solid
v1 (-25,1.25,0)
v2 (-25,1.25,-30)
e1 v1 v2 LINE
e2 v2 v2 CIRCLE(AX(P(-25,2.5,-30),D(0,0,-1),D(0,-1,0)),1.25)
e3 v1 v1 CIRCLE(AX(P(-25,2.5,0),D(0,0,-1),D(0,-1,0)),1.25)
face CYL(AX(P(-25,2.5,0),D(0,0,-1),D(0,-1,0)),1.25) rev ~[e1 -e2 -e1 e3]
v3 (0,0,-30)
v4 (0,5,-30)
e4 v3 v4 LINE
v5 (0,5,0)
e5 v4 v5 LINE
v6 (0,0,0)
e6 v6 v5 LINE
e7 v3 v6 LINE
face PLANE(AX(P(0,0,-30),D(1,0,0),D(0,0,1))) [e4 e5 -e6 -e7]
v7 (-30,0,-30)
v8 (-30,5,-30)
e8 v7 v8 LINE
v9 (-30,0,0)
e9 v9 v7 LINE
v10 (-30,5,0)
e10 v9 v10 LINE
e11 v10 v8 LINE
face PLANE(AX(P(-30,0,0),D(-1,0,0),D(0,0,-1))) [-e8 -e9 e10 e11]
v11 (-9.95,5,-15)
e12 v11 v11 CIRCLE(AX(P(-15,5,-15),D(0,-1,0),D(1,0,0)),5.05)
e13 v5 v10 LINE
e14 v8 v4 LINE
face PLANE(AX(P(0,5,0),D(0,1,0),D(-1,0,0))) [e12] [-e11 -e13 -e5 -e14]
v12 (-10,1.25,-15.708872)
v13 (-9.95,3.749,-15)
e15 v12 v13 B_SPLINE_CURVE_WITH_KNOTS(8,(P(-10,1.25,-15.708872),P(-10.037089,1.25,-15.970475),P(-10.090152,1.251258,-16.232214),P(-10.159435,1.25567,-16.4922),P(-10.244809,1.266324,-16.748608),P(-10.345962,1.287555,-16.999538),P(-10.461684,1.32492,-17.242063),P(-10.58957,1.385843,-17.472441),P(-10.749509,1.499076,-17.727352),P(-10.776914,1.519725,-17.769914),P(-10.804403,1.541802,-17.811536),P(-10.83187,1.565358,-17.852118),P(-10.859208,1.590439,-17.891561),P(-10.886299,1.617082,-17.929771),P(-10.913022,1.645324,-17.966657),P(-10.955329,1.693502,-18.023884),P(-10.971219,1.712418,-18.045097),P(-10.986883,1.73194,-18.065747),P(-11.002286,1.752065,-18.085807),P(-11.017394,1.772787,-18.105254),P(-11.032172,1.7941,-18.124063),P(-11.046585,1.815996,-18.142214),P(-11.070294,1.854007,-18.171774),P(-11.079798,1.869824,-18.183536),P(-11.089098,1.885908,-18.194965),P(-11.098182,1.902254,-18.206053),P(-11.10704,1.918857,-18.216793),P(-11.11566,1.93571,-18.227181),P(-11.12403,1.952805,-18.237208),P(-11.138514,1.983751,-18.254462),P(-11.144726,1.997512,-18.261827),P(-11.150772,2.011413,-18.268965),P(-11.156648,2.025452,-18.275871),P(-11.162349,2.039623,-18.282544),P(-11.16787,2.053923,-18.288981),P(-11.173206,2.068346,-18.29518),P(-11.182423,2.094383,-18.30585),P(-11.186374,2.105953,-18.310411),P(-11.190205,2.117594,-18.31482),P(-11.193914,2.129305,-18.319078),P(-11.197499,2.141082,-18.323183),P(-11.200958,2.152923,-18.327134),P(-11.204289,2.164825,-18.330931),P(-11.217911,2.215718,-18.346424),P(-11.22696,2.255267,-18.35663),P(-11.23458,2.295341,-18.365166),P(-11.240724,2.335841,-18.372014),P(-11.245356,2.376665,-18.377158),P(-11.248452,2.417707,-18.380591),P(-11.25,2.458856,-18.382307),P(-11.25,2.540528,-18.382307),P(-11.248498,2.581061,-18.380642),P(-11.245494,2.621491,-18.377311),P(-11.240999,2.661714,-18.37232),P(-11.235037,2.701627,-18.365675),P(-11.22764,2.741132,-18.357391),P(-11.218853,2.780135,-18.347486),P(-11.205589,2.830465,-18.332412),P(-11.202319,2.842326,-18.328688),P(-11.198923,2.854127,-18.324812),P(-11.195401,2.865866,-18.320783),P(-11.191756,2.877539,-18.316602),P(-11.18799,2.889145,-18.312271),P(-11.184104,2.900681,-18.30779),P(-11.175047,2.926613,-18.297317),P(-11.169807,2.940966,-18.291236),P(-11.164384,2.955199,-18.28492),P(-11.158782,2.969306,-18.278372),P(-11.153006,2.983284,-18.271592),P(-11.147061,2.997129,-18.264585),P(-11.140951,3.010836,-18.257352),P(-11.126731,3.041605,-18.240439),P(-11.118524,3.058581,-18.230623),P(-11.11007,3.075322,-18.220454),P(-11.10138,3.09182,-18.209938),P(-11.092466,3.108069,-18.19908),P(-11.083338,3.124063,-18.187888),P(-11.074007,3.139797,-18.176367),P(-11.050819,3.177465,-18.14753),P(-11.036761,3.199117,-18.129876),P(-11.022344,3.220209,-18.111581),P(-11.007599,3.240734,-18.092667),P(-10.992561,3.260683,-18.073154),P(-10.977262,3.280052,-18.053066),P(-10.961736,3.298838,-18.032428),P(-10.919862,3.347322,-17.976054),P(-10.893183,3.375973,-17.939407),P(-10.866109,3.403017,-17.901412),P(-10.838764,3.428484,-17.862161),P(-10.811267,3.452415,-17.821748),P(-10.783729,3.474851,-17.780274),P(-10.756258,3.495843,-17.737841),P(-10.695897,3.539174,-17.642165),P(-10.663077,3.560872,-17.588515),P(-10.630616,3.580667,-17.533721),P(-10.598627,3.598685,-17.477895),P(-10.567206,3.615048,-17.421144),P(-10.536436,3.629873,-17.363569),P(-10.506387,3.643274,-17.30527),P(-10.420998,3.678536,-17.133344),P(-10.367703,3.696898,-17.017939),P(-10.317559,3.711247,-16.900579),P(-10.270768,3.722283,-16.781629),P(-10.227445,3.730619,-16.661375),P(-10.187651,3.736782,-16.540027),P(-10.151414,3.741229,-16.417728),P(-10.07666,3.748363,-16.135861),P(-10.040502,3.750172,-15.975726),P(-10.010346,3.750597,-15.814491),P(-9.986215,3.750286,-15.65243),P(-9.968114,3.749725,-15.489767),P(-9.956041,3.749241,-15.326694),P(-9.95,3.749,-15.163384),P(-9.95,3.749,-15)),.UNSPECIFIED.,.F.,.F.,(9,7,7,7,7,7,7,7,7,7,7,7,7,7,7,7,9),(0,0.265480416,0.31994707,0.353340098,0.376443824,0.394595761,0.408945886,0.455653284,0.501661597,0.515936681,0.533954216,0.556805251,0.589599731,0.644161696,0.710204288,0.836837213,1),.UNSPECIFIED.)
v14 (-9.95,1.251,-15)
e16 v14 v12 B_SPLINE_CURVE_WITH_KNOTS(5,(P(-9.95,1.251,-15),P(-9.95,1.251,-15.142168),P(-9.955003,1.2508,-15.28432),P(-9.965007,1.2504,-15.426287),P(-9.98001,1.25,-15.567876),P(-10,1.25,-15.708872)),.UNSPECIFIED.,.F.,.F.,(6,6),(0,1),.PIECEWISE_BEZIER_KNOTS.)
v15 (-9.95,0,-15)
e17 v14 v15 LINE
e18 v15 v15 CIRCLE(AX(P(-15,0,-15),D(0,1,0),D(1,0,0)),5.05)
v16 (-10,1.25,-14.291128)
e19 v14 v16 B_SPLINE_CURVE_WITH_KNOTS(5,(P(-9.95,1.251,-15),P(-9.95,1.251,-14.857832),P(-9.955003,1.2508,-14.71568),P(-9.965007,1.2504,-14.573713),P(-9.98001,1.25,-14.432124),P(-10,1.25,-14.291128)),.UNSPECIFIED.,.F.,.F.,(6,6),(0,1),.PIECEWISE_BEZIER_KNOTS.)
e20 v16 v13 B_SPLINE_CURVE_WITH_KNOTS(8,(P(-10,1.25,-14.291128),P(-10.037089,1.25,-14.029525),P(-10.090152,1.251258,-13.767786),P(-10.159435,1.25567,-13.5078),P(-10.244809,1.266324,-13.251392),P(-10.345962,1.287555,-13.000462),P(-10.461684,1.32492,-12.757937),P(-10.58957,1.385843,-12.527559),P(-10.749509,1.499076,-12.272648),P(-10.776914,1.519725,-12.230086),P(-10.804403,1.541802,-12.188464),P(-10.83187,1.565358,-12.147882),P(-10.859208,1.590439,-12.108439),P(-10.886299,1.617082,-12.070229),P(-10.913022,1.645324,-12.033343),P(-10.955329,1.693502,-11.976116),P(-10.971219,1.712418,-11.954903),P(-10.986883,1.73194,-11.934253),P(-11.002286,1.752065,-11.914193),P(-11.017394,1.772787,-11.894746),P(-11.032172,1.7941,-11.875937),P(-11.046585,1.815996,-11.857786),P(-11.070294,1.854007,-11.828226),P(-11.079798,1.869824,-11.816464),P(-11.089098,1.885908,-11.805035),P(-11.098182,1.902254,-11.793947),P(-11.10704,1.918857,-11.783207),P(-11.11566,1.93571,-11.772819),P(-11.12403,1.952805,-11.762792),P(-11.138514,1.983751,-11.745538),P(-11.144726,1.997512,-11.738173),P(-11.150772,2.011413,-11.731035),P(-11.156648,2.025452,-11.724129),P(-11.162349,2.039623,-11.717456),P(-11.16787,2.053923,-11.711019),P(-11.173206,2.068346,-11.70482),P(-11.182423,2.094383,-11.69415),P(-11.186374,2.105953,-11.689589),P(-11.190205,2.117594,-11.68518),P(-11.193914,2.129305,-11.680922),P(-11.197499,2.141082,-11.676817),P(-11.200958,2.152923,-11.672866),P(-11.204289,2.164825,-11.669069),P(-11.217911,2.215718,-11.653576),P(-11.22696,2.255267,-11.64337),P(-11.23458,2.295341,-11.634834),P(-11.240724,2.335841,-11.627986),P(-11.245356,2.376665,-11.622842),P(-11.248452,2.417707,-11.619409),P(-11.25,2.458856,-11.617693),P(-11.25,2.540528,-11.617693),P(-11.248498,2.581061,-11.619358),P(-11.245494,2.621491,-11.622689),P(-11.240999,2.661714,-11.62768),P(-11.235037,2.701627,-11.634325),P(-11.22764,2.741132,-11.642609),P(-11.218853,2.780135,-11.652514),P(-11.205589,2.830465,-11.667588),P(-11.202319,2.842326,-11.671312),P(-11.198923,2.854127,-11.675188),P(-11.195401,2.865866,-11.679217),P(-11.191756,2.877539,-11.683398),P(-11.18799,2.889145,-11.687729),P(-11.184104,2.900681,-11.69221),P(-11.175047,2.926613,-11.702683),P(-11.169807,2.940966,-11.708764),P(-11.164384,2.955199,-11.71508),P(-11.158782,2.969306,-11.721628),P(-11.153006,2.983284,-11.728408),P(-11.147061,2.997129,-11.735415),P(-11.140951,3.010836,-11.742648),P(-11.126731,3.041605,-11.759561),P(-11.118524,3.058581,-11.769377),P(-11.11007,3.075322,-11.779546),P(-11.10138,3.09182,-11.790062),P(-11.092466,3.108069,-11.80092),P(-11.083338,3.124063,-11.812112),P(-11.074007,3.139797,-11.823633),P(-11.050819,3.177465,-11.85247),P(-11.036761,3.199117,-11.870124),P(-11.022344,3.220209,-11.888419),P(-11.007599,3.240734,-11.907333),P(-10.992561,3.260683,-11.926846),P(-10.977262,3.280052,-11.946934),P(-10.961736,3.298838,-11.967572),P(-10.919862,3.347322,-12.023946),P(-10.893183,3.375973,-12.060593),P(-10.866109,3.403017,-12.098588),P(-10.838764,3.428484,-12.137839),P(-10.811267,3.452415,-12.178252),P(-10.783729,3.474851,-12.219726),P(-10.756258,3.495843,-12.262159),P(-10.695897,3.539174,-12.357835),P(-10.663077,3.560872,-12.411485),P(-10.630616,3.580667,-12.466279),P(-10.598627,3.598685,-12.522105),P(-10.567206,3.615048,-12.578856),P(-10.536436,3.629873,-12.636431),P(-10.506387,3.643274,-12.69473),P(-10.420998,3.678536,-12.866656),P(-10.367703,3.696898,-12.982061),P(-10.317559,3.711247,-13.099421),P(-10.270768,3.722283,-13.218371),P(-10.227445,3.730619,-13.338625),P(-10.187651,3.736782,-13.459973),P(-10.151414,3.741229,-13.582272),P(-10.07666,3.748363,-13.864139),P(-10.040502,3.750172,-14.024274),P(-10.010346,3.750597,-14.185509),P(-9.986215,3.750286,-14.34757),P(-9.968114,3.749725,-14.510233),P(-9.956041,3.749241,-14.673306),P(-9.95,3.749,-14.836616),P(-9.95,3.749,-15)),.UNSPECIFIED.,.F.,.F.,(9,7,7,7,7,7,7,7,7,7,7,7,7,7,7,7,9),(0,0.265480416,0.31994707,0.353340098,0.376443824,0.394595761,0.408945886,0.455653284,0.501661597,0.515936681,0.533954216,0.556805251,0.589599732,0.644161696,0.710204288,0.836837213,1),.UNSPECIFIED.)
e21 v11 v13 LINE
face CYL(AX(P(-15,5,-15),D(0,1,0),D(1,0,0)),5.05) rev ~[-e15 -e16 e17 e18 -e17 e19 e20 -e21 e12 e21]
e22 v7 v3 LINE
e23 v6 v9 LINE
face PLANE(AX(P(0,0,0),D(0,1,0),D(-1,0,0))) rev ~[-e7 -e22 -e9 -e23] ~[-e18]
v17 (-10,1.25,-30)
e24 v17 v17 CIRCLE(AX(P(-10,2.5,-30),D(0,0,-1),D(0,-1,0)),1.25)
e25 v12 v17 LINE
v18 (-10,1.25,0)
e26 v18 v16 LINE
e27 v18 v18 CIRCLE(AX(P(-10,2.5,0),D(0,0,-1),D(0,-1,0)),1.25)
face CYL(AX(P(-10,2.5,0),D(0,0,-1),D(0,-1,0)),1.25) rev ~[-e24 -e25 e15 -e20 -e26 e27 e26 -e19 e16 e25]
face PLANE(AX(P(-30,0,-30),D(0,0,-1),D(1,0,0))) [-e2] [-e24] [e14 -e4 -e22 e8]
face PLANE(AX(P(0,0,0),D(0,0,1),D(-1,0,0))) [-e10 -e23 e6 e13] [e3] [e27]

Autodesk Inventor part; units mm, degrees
ref_plane "YZ Plane" through (0, 0, 0) normal (1, 0, 0) x (0, 1, 0)
ref_plane "XZ Plane" through (0, 0, 0) normal (0, 1, 0) x (-1, 0, 0)
ref_plane "XY Plane" through (0, 0, 0) normal (0, 0, 1) x (1, 0, 0)
sketch "スケッチ1" plane through (0, 0, 0) normal (0, 1, 0) x (-1, 0, 0)
  line L0 (0, 0) -> (30, 0)
  line L1 (30, 0) -> (30, -30)
  line L2 (30, -30) -> (0, -30)
  line L3 (0, -30) -> (0, 0)
  dimension "d0" = 30
  dimension "d1" = 30
extrude "押し出し1" add sketch "スケッチ1" along normal blind 5
sketch "スケッチ2" plane through (-30, 0, 0) normal (0, 0, 1) x (1, 0, 0)
  line L0 (0, 0) -> (0, 5) projected
  line L1 (0, 2.5) -> (30, 2.5)
  line L2 (30, 0) -> (30, 5) projected
  point P0 (5, 2.5)
  point P1 (20, 2.5)
  dimension "d4" = 10
  dimension "d5" = 15
hole "穴1" at (-25, 2.5, 0) at (-10, 2.5, 0) direction (0, 0, -1) diameter 2.5 end through all
sketch "スケッチ3" plane through (0, 5, 0) normal (0, 1, 0) x (1, 0, 0)
  line L0 (-30, 30) -> (-30, 0) projected
  line L1 (-30, 15) -> (0, 15)
  line L2 (0, 0) -> (0, 30) projected
  line L3 (-30, 0) -> (0, 0) projected
  line L4 (-15, 0) -> (-15, 30)
  line L5 (0, 30) -> (-30, 30) projected
  circle A0 centre (-15, 15) radius 5.05
  dimension "d13" = 10.1
extrude "押し出し2" cut sketch "スケッチ3" against normal blind 5 contours A0 L4 L1 | L1 L4 A0 | A0 L1 L4 | L1 A0 L4
properties part number "hand2_08" material "アルミニウム 6061-AHC"
